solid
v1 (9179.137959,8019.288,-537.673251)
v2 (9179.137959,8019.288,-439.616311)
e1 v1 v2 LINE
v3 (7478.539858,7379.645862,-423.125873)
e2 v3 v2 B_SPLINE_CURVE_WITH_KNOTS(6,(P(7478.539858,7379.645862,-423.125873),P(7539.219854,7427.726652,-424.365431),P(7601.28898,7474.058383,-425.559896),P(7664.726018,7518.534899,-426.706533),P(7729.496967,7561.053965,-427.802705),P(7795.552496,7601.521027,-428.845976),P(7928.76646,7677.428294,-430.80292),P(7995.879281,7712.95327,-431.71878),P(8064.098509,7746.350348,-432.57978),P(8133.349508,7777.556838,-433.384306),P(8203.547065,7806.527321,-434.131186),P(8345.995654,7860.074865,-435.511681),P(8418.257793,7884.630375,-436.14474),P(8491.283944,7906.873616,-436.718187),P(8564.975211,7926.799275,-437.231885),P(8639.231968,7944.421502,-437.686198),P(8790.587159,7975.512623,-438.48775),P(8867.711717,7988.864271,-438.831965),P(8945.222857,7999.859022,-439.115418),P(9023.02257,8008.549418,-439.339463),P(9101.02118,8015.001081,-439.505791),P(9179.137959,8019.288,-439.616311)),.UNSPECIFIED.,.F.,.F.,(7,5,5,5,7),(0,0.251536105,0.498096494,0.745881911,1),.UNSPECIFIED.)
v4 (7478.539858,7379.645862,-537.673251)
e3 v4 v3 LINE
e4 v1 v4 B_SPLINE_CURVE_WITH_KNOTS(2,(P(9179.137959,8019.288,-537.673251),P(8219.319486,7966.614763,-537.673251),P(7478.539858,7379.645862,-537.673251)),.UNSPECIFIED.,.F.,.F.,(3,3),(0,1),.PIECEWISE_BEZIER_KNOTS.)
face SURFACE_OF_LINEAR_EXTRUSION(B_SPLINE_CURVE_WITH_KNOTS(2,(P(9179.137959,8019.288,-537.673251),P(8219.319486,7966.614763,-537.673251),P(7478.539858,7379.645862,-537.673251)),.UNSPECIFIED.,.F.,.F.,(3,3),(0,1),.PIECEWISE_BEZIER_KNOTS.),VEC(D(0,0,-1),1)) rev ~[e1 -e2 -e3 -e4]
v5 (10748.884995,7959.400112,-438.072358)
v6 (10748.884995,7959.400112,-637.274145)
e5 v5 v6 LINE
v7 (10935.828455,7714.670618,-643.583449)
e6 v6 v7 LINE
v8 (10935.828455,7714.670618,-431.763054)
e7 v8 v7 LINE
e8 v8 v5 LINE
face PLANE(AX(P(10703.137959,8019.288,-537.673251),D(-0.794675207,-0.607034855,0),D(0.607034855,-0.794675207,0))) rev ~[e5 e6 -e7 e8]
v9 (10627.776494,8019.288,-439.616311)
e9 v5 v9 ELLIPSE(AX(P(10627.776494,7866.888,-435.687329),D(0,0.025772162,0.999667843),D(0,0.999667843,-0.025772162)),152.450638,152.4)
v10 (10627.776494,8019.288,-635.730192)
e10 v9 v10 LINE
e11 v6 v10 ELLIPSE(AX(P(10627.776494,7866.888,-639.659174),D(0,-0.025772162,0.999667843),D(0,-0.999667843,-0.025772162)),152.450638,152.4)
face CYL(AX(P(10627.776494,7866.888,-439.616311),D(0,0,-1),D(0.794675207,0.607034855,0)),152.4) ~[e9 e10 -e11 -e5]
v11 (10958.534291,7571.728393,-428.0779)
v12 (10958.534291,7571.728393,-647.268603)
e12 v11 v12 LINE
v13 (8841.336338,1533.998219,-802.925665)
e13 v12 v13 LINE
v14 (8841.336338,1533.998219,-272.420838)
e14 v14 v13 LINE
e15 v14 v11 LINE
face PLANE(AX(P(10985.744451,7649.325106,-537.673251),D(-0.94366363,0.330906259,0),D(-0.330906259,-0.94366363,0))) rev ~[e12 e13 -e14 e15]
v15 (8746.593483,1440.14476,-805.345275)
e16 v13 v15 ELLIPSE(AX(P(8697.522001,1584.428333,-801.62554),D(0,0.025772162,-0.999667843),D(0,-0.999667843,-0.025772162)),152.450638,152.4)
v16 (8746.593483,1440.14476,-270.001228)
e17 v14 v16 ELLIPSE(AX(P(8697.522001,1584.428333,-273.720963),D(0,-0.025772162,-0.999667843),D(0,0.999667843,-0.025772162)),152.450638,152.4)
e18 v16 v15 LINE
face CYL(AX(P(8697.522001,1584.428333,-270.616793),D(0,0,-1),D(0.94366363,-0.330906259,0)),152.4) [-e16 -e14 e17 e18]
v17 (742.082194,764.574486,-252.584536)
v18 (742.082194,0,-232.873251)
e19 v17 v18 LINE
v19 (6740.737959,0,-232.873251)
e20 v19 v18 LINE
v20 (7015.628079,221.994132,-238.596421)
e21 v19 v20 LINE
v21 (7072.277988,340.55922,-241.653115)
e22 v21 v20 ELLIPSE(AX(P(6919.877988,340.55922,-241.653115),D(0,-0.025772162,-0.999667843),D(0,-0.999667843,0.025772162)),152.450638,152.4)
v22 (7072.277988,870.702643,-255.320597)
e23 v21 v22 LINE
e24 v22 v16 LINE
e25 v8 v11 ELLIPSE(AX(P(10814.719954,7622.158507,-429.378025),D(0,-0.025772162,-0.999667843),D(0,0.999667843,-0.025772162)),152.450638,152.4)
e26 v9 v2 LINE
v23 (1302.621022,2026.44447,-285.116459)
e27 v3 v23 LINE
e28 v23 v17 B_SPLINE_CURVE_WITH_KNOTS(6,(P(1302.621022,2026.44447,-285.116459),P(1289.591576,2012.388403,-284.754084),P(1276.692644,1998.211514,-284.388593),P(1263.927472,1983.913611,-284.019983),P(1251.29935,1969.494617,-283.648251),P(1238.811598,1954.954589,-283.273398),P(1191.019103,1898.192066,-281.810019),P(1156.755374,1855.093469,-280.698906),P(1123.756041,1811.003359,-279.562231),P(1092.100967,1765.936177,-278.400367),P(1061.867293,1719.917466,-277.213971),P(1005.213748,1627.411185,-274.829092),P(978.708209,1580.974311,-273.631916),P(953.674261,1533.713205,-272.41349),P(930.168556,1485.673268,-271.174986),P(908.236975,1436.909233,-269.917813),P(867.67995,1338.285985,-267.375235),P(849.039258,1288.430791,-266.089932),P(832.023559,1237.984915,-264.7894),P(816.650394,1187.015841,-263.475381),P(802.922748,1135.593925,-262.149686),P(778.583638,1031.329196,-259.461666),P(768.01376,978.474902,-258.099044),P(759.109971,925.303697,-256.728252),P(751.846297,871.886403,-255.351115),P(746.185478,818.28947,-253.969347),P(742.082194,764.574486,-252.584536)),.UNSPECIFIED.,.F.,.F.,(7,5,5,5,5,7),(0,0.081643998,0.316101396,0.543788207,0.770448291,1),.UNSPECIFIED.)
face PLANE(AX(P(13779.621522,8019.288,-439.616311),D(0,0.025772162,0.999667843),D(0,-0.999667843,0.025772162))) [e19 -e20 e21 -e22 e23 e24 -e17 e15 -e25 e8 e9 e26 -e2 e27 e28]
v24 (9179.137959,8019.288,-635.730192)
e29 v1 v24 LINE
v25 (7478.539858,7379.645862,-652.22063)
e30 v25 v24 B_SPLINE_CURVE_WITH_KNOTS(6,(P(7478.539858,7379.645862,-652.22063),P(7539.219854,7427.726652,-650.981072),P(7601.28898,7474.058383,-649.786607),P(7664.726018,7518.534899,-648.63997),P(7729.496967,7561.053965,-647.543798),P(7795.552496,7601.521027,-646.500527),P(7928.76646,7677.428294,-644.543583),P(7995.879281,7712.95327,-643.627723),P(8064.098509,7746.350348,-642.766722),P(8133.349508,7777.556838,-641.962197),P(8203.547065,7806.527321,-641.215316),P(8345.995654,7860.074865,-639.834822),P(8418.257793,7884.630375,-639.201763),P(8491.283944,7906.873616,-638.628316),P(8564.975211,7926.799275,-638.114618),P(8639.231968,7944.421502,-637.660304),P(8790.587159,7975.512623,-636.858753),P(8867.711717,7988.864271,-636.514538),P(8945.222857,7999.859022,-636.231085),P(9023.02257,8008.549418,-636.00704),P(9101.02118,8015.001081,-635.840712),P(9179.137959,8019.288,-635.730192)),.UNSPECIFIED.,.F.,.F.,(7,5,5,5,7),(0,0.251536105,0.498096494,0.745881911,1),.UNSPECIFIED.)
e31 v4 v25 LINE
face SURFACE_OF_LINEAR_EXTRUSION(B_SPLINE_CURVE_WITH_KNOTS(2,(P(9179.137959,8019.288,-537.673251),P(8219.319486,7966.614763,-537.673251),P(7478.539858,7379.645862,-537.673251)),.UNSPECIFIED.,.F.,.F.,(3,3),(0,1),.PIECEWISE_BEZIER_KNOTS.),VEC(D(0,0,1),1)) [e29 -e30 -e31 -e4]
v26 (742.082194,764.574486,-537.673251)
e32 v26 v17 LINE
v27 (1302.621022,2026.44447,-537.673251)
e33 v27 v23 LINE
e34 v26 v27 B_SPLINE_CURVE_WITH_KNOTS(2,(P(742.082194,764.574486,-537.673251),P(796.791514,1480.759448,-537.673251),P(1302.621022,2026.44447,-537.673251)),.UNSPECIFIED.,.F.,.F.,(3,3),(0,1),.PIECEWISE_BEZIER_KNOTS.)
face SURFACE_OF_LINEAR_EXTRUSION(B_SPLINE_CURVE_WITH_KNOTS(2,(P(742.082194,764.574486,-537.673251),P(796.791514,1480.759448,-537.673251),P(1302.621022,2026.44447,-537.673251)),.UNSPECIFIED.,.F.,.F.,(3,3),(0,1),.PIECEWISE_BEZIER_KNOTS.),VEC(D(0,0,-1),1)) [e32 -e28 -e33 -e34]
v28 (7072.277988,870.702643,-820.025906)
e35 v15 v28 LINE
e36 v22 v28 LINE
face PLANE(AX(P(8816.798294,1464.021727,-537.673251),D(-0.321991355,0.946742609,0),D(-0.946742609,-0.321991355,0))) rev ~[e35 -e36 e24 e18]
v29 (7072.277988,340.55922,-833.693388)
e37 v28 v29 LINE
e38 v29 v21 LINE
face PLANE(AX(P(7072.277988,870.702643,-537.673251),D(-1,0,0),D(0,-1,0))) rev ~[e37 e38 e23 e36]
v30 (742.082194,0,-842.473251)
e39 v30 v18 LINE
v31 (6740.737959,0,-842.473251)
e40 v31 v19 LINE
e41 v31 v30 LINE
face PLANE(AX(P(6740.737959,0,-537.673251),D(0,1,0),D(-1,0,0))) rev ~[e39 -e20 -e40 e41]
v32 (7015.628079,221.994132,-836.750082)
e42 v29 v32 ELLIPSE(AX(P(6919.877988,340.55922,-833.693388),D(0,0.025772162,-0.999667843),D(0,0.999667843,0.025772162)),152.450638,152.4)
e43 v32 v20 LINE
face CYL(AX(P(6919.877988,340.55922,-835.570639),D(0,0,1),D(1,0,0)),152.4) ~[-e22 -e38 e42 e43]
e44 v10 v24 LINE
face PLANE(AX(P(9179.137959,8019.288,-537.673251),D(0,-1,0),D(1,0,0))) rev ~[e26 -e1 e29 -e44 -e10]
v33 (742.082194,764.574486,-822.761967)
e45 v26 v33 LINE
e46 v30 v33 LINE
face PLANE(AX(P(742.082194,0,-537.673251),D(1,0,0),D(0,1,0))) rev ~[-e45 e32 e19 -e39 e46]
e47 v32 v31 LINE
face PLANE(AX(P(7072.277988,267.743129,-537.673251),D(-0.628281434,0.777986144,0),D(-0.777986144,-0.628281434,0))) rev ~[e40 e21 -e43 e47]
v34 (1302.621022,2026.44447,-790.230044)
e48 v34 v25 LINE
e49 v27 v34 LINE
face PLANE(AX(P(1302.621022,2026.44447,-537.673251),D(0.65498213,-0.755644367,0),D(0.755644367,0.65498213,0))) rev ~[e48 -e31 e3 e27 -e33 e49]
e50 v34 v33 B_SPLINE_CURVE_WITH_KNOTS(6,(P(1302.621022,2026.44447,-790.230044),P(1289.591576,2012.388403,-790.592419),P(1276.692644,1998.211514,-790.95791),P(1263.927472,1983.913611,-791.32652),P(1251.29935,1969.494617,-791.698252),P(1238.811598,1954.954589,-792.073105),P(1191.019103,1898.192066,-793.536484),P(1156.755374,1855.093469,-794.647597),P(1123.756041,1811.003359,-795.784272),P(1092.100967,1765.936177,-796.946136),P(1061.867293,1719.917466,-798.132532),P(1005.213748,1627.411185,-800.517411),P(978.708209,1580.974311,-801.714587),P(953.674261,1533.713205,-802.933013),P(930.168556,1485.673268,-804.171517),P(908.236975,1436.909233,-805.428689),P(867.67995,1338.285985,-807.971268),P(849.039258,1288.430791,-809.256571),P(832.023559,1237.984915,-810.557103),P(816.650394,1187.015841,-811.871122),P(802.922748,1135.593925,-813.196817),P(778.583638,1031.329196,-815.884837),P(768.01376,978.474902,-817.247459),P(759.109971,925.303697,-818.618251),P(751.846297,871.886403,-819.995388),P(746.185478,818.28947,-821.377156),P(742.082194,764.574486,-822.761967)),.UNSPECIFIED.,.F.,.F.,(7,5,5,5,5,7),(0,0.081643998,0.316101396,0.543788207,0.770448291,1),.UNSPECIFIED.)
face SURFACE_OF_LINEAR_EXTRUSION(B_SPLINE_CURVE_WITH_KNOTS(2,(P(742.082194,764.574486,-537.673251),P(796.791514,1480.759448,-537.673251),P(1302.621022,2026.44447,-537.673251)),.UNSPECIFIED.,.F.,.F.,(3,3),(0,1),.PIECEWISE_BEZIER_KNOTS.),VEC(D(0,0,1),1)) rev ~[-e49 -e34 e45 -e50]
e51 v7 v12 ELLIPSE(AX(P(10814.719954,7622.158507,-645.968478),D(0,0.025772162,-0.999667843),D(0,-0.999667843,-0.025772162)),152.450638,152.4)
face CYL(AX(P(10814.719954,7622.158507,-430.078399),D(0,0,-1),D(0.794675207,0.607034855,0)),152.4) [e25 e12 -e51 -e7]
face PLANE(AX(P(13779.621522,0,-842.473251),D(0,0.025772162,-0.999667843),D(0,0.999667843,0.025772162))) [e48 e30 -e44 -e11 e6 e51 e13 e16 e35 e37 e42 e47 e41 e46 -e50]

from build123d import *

# Parameters (mm, degrees)
BOSS_EXTRUDE1_DEPTH     = 304.8
CUT_EXTRUDE2_DEPTH      = 13037.539327922
CUT_EXTRUDE2_DEPTH_BACK = 13037.539327922
FILLET1_R               = 152.4
FILLET2_R               = 152.4
FILLET3_R               = 152.4
FILLET4_R               = 152.4


with BuildPart() as part:
    # Sketch5 → Boss-Extrude1 (new, symmetric)
    with BuildSketch(Plane.XY.offset(-537.673251463)):
        with BuildLine():
            Line((742.082193598, 0), (742.082193598, 764.574485823))
            add(Edge.make_bspline(
                [(742.082193598, 764.574485823), (796.791514491, 1480.759447712), (1302.621022267, 2026.444470026)],
                knots=[0, 0, 0, 1, 1, 1], degree=2))
            Line((1302.621022267, 2026.444470026), (7478.539858356, 7379.645861756))
            add(Edge.make_bspline(
                [(9179.137959243, 8019.288), (8219.319485977, 7966.614763447), (7478.539858356, 7379.645861756)],
                knots=[0, 0, 0, 1, 1, 1], degree=2))
            Line((9179.137959243, 8019.288), (10703.137959243, 8019.288))
            Line((10703.137959243, 8019.288), (10985.744450733, 7649.32510556))
            Line((10985.744450733, 7649.32510556), (8816.798294342, 1464.02172706))
            Line((8816.798294342, 1464.02172706), (7072.277988354, 870.702642997))
            Line((7072.277988354, 870.702642997), (7072.277988354, 267.743129387))
            Line((7072.277988354, 267.743129387), (6740.737959243, 0))
            Line((6740.737959243, 0), (742.082193598, 0))
        make_face()
    extrude(amount=BOSS_EXTRUDE1_DEPTH, both=True)

    # Sketch7 → Cut-Extrude2 (cut, two sides: drawn at the far end of the back side and taken through both)
    with BuildSketch(Plane.ZY.offset(-742.082193598).offset(-CUT_EXTRUDE2_DEPTH_BACK)):
        Polygon((-842.473251463, 0), (-635.730191879, 8019.288), (-1159.108406809, 8019.288), (-1159.108406809, 0), align=None)
        Polygon((-439.616311048, 8019.288), (-232.873251463, 0), (0, 0), (55.656264928, 8019.288), align=None)
    extrude(amount=CUT_EXTRUDE2_DEPTH + CUT_EXTRUDE2_DEPTH_BACK, mode=Mode.SUBTRACT)

    # Fillet1
    fillet1_edges = [part.edges().sort_by_distance(p)[0] for p in [
        (10703.137959243, 8019.288, -537.673251463),
    ]]
    fillet(fillet1_edges, radius=FILLET1_R)

    # Fillet2
    fillet2_edges = [part.edges().sort_by_distance(p)[0] for p in [
        (10985.744450733, 7649.32510556, -537.673251463),
    ]]
    fillet(fillet2_edges, radius=FILLET2_R)

    # Fillet3
    fillet3_edges = [part.edges().sort_by_distance(p)[0] for p in [
        (8816.798294342, 1464.02172706, -537.673251463),
    ]]
    fillet(fillet3_edges, radius=FILLET3_R)

    # Fillet4
    fillet4_edges = [part.edges().sort_by_distance(p)[0] for p in [
        (7072.277988354, 267.743129387, -537.673251463),
    ]]
    fillet(fillet4_edges, radius=FILLET4_R)


solid = part.part
